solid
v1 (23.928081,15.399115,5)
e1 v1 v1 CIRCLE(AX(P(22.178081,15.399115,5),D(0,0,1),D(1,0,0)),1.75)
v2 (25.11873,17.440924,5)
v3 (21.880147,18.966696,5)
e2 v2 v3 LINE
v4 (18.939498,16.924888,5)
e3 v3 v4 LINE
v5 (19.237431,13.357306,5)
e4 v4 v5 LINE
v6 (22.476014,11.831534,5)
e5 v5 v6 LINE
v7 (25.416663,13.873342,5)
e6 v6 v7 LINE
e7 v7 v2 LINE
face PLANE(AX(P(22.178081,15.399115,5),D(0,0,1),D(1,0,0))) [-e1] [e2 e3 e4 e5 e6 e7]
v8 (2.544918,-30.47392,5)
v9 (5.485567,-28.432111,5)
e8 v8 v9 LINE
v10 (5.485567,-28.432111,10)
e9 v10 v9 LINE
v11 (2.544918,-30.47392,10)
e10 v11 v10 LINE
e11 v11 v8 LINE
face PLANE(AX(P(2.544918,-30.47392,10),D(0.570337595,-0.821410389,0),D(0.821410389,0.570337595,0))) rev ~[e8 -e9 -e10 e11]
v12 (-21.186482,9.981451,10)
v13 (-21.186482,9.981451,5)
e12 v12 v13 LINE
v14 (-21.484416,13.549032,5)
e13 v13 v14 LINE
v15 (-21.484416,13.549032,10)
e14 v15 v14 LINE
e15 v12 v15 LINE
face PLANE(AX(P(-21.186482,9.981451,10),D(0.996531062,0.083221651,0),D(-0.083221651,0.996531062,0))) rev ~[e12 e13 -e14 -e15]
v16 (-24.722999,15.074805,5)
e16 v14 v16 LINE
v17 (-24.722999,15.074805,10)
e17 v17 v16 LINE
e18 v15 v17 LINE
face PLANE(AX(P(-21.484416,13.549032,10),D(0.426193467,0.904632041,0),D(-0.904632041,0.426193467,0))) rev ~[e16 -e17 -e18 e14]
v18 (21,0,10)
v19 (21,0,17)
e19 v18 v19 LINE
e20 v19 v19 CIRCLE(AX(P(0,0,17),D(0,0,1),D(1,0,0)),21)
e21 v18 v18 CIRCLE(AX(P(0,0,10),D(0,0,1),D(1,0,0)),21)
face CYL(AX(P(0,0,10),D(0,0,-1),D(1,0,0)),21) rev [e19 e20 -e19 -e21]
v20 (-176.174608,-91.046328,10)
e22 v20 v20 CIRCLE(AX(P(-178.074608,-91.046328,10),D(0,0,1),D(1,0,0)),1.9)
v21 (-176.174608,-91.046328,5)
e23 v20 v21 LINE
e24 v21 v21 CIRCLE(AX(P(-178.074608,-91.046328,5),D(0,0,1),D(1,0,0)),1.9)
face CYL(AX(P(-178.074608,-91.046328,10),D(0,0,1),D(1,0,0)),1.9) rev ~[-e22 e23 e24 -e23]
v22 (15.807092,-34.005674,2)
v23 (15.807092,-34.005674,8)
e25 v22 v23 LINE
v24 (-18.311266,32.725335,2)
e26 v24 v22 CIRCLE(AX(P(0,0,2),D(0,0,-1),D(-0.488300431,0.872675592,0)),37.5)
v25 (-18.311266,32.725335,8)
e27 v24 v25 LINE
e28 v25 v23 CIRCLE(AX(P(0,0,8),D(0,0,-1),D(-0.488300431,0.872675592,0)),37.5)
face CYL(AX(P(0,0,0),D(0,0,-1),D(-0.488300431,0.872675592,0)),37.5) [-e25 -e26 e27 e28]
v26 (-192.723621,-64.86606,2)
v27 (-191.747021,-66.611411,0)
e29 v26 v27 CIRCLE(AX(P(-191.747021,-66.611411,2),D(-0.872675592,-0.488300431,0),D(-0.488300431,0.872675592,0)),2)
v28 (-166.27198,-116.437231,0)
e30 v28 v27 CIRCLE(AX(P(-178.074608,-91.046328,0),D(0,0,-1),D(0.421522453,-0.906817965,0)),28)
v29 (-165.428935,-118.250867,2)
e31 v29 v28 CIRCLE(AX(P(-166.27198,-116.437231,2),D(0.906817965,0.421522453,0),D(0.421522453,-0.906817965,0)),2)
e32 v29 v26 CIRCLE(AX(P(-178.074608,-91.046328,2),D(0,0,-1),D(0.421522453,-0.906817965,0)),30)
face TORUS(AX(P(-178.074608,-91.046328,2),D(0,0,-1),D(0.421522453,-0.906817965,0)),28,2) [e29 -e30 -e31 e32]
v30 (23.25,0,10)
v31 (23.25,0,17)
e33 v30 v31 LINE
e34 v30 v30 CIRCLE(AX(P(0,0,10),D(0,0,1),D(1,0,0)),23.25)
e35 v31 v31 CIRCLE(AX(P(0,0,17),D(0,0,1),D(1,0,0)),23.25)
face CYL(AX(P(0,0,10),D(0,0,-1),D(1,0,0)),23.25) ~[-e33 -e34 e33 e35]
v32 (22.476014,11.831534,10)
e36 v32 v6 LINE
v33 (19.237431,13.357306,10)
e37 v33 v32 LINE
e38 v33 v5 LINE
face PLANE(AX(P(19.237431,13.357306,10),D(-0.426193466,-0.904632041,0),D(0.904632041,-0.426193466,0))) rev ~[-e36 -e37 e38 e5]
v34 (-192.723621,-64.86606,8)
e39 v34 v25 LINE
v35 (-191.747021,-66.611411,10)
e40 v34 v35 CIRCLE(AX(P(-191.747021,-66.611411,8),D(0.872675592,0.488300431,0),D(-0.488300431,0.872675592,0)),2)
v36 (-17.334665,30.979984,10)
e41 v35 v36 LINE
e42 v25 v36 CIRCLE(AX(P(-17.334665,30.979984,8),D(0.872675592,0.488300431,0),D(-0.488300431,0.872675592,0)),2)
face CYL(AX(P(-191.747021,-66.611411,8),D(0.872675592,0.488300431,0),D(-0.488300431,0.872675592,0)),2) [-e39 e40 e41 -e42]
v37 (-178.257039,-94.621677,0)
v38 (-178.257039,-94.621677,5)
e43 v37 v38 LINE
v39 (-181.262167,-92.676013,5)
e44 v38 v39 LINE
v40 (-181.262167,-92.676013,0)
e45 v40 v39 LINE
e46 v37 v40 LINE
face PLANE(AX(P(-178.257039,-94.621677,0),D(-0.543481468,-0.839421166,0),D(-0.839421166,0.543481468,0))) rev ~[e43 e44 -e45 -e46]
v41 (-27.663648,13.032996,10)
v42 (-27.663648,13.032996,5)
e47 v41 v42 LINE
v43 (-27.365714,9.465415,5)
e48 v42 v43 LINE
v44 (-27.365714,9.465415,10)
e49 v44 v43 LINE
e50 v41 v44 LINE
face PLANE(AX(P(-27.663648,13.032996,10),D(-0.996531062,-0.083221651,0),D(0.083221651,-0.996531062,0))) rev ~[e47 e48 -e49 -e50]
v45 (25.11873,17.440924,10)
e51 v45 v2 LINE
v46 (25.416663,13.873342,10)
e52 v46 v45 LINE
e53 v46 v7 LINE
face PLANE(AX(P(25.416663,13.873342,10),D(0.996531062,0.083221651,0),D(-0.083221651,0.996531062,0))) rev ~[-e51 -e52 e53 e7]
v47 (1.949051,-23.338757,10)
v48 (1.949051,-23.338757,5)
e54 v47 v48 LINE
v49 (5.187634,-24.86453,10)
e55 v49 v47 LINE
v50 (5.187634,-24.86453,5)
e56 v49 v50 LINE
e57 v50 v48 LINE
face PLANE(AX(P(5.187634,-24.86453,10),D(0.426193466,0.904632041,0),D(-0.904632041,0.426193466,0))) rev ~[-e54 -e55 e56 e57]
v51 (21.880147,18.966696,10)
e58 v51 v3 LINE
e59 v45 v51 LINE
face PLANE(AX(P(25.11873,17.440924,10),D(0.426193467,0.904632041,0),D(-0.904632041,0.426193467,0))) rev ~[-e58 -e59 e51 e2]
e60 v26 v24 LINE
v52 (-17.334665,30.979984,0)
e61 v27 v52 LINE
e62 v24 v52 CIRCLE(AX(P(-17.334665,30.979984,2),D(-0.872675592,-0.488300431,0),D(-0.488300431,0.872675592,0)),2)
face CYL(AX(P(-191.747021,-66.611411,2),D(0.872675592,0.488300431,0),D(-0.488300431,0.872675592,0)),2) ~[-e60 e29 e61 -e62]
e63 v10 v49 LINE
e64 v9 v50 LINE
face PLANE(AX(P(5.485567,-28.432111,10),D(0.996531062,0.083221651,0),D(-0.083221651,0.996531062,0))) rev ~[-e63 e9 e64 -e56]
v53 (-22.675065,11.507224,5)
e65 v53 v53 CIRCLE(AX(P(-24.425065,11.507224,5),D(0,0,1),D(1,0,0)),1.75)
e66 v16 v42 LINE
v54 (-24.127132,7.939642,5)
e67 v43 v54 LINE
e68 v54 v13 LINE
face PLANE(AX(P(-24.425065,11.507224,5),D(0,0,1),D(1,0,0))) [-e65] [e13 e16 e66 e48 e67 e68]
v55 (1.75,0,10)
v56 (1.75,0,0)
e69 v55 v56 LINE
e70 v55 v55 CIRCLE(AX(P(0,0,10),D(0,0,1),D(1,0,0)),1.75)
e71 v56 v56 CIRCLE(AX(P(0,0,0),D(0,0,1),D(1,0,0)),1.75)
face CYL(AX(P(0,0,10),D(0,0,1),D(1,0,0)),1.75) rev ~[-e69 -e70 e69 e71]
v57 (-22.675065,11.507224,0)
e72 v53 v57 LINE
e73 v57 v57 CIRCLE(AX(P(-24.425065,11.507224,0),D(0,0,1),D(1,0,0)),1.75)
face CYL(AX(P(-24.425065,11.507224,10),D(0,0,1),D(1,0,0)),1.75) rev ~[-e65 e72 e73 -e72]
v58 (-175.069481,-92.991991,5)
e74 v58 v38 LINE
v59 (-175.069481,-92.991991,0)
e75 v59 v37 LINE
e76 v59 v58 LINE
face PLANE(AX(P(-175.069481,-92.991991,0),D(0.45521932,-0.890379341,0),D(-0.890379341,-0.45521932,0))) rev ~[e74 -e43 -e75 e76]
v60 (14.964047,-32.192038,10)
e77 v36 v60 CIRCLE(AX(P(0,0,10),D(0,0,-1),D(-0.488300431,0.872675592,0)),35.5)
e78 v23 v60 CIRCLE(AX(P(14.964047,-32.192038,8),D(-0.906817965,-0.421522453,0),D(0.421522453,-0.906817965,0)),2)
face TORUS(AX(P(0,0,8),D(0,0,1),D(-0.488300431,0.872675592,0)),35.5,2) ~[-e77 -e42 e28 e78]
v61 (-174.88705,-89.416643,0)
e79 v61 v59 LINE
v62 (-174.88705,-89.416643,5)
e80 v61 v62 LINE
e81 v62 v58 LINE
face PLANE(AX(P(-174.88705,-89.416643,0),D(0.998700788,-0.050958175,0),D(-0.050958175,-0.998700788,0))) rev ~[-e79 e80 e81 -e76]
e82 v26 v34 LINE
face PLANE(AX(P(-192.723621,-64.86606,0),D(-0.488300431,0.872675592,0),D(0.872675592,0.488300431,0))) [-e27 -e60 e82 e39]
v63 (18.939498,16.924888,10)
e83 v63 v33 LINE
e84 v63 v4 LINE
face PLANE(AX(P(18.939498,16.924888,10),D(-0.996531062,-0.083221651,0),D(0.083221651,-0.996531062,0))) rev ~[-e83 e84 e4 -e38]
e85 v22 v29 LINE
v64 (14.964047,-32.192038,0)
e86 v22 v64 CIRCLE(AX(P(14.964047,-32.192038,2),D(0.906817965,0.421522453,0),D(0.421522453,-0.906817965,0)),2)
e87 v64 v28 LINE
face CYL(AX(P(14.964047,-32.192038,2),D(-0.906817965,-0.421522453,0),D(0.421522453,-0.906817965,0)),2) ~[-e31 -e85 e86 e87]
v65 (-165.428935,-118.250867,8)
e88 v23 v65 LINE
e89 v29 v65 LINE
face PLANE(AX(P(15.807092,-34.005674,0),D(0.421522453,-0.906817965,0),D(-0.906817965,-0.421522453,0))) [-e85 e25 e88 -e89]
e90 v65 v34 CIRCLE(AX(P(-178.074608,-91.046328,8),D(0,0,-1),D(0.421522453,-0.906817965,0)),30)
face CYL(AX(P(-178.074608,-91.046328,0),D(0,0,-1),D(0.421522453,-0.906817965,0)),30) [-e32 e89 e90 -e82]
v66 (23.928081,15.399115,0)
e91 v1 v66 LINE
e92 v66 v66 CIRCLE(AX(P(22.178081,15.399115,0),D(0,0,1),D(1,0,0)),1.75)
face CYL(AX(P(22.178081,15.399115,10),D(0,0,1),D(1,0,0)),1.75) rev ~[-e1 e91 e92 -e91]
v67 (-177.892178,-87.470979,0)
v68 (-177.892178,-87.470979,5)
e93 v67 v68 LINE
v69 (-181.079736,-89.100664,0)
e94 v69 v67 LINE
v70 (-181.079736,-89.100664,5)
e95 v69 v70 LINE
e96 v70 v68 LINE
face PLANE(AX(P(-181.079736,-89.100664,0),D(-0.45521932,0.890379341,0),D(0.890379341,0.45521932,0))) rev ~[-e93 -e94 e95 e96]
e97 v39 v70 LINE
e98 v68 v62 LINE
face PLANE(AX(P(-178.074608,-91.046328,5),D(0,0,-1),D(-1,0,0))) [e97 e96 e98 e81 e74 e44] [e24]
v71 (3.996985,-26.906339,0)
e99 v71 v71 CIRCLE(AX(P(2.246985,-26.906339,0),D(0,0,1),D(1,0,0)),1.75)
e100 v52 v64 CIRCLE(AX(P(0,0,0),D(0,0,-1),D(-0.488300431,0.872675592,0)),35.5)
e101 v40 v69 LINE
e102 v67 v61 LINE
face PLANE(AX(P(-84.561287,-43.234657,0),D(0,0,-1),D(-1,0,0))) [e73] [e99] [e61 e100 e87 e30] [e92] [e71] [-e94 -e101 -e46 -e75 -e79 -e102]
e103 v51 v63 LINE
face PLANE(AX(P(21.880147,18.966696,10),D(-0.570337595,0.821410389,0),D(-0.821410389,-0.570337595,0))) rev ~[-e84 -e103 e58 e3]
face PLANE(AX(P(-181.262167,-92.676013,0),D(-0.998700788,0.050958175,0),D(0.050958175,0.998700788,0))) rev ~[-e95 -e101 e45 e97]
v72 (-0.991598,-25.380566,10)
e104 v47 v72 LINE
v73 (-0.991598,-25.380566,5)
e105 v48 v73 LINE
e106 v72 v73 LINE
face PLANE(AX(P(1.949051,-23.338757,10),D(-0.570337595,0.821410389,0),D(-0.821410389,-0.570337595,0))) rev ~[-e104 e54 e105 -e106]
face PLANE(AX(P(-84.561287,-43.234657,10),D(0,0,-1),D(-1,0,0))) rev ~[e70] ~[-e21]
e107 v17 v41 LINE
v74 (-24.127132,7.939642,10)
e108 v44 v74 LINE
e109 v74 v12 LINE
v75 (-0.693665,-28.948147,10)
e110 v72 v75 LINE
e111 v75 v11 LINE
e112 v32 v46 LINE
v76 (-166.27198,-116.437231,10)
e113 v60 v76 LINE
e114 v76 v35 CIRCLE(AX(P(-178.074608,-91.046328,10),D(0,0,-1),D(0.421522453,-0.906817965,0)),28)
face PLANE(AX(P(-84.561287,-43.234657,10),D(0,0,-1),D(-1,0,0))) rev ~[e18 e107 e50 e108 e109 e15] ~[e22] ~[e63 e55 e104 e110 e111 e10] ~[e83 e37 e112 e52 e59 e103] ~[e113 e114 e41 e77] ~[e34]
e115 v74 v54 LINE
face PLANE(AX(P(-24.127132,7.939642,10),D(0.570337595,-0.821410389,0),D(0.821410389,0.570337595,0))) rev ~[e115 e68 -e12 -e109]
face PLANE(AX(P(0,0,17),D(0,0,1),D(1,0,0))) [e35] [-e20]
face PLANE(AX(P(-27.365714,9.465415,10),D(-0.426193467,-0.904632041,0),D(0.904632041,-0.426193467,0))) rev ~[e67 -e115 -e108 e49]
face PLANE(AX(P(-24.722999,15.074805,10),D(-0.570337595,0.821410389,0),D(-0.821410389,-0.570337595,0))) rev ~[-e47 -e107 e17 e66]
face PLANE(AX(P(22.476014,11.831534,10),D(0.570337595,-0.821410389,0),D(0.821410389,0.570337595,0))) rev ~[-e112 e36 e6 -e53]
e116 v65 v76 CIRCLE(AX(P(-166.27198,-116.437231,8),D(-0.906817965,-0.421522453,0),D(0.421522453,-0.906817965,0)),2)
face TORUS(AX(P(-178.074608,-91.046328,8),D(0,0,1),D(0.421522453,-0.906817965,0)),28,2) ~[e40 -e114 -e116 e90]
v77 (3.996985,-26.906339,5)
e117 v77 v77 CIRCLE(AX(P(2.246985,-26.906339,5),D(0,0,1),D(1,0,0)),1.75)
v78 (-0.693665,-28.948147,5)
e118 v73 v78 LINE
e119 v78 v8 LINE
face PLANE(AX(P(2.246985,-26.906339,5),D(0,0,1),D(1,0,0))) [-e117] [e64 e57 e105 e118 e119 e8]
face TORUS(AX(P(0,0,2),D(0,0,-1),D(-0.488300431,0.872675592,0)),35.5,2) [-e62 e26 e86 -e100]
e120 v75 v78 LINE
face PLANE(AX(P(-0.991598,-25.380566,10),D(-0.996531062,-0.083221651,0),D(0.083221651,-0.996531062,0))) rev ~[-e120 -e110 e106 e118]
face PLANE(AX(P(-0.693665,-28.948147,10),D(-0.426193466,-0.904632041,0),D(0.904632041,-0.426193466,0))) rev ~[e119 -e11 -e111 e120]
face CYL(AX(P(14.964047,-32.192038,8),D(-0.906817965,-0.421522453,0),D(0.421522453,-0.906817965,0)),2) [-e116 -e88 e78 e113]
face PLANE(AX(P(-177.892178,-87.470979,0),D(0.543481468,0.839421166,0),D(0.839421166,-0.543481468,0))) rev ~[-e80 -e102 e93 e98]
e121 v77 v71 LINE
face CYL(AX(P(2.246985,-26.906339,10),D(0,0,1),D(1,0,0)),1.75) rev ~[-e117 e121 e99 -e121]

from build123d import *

# Parameters (mm, degrees)
BOSS_EXTRUDE1_DEPTH = 10
FILLET1_R           = 2
SKETCH3_R           = 1.9
CUT_EXTRUDE3_DEPTH  = 240
CUT_EXTRUDE4_DEPTH  = 5
SKETCH6_R           = 1.75
CUT_EXTRUDE8_DEPTH  = 10
SKETCH7_R           = 23.25
SKETCH7_R_2         = 21
BOSS_EXTRUDE2_DEPTH = 7
CUT_EXTRUDE9_DEPTH  = 5
SKETCH9_R           = 1.75
CUT_EXTRUDE10_DEPTH = 10


with BuildPart() as part:
    # Sketch1 → Boss-Extrude1 (new body)
    with BuildSketch(Plane.XY):
        with BuildLine():
            Line((-192.723621419, -64.866060055), (-18.311266157, 32.725334708))
            ThreePointArc((-18.311266157, 32.725334708), (33.388989093, 17.071186467), (15.807091975, -34.005673693))
            Line((15.807091975, -34.005673693), (-165.428934914, -118.250866776))
            ThreePointArc((-165.428934914, -118.250866776), (-204.785799768, -104.703276995), (-192.723621419, -64.866060055))
        make_face()
    extrude(amount=BOSS_EXTRUDE1_DEPTH)

    # Fillet1
    fillet1_edges = [part.edges().sort_by_distance(p)[0] for p in [
        (33.388989093, 17.071186467, 10),
        (-105.517443788, -16.070362674, 10),
        (-204.785799768, -104.703276995, 10),
        (-105.517443788, -16.070362674, 0),
        (33.388989093, 17.071186467, 0),
        (-74.81092147, -76.128270234, 0),
        (-204.785799768, -104.703276995, 0),
        (-74.81092147, -76.128270234, 10),
    ]]
    fillet(fillet1_edges, radius=FILLET1_R)

    # Sketch3 → Cut-Extrude3 (cut)
    with BuildSketch(Plane.XY.offset(10)):
        with Locations((-178.074608494, -91.046327822)):
            Circle(SKETCH3_R)
    extrude(amount=-CUT_EXTRUDE3_DEPTH, mode=Mode.SUBTRACT)

    # Sketch4 → Cut-Extrude4 (cut)
    with BuildSketch(Plane.XY.offset(10)):
        Polygon((1.949051074, -23.338757463), (-0.99159812, -25.380566053), (-0.693664608, -28.948147254), (2.544918098, -30.473919864), (5.485567292, -28.432111274), (5.18763378, -24.864530073), align=None)
        Polygon((19.237431318, 13.357306475), (22.476014024, 11.831533865), (25.416663218, 13.873342455), (25.118729706, 17.440923655), (21.880147001, 18.966696266), (18.939497807, 16.924887676), align=None)
        Polygon((-21.186482393, 9.981450988), (-21.484415905, 13.549032188), (-24.72299861, 15.074804799), (-27.663647804, 13.032996209), (-27.365714292, 9.465415008), (-24.127131587, 7.939642398), align=None)
    extrude(amount=-CUT_EXTRUDE4_DEPTH, mode=Mode.SUBTRACT)

    # Sketch6 → Cut-Extrude8 (cut)
    with BuildSketch(Plane.XY.offset(10)):
        with Locations((2.246984586, -26.906338663)):
            Circle(SKETCH6_R)
        with Locations((-24.425065098, 11.507223598)):
            Circle(SKETCH6_R)
        with Locations((22.178080512, 15.399115065)):
            Circle(SKETCH6_R)
    extrude(amount=-CUT_EXTRUDE8_DEPTH, mode=Mode.SUBTRACT)

    # Sketch7 → Boss-Extrude2 (add)
    with BuildSketch(Plane.XY.offset(10)):
        Circle(SKETCH7_R)
        Circle(SKETCH7_R_2, mode=Mode.SUBTRACT)
    extrude(amount=BOSS_EXTRUDE2_DEPTH)

    # Sketch8 → Cut-Extrude9 (cut)
    with BuildSketch(Plane(origin=(0, 0, 0), x_dir=(-1, 0, 0), z_dir=(0, 0, -1))):
        Polygon((181.262166534, -92.676012988), (181.079736268, -89.100664166), (177.892178228, -87.470979), (174.887050454, -89.416642655), (175.06948072, -92.991991477), (178.25703876, -94.621676643), align=None)
    extrude(amount=-CUT_EXTRUDE9_DEPTH, mode=Mode.SUBTRACT)

    # Sketch9 → Cut-Extrude10 (cut)
    with BuildSketch(Plane.XY.offset(10)):
        Circle(SKETCH9_R)
    extrude(amount=-CUT_EXTRUDE10_DEPTH, mode=Mode.SUBTRACT)


solid = part.part
